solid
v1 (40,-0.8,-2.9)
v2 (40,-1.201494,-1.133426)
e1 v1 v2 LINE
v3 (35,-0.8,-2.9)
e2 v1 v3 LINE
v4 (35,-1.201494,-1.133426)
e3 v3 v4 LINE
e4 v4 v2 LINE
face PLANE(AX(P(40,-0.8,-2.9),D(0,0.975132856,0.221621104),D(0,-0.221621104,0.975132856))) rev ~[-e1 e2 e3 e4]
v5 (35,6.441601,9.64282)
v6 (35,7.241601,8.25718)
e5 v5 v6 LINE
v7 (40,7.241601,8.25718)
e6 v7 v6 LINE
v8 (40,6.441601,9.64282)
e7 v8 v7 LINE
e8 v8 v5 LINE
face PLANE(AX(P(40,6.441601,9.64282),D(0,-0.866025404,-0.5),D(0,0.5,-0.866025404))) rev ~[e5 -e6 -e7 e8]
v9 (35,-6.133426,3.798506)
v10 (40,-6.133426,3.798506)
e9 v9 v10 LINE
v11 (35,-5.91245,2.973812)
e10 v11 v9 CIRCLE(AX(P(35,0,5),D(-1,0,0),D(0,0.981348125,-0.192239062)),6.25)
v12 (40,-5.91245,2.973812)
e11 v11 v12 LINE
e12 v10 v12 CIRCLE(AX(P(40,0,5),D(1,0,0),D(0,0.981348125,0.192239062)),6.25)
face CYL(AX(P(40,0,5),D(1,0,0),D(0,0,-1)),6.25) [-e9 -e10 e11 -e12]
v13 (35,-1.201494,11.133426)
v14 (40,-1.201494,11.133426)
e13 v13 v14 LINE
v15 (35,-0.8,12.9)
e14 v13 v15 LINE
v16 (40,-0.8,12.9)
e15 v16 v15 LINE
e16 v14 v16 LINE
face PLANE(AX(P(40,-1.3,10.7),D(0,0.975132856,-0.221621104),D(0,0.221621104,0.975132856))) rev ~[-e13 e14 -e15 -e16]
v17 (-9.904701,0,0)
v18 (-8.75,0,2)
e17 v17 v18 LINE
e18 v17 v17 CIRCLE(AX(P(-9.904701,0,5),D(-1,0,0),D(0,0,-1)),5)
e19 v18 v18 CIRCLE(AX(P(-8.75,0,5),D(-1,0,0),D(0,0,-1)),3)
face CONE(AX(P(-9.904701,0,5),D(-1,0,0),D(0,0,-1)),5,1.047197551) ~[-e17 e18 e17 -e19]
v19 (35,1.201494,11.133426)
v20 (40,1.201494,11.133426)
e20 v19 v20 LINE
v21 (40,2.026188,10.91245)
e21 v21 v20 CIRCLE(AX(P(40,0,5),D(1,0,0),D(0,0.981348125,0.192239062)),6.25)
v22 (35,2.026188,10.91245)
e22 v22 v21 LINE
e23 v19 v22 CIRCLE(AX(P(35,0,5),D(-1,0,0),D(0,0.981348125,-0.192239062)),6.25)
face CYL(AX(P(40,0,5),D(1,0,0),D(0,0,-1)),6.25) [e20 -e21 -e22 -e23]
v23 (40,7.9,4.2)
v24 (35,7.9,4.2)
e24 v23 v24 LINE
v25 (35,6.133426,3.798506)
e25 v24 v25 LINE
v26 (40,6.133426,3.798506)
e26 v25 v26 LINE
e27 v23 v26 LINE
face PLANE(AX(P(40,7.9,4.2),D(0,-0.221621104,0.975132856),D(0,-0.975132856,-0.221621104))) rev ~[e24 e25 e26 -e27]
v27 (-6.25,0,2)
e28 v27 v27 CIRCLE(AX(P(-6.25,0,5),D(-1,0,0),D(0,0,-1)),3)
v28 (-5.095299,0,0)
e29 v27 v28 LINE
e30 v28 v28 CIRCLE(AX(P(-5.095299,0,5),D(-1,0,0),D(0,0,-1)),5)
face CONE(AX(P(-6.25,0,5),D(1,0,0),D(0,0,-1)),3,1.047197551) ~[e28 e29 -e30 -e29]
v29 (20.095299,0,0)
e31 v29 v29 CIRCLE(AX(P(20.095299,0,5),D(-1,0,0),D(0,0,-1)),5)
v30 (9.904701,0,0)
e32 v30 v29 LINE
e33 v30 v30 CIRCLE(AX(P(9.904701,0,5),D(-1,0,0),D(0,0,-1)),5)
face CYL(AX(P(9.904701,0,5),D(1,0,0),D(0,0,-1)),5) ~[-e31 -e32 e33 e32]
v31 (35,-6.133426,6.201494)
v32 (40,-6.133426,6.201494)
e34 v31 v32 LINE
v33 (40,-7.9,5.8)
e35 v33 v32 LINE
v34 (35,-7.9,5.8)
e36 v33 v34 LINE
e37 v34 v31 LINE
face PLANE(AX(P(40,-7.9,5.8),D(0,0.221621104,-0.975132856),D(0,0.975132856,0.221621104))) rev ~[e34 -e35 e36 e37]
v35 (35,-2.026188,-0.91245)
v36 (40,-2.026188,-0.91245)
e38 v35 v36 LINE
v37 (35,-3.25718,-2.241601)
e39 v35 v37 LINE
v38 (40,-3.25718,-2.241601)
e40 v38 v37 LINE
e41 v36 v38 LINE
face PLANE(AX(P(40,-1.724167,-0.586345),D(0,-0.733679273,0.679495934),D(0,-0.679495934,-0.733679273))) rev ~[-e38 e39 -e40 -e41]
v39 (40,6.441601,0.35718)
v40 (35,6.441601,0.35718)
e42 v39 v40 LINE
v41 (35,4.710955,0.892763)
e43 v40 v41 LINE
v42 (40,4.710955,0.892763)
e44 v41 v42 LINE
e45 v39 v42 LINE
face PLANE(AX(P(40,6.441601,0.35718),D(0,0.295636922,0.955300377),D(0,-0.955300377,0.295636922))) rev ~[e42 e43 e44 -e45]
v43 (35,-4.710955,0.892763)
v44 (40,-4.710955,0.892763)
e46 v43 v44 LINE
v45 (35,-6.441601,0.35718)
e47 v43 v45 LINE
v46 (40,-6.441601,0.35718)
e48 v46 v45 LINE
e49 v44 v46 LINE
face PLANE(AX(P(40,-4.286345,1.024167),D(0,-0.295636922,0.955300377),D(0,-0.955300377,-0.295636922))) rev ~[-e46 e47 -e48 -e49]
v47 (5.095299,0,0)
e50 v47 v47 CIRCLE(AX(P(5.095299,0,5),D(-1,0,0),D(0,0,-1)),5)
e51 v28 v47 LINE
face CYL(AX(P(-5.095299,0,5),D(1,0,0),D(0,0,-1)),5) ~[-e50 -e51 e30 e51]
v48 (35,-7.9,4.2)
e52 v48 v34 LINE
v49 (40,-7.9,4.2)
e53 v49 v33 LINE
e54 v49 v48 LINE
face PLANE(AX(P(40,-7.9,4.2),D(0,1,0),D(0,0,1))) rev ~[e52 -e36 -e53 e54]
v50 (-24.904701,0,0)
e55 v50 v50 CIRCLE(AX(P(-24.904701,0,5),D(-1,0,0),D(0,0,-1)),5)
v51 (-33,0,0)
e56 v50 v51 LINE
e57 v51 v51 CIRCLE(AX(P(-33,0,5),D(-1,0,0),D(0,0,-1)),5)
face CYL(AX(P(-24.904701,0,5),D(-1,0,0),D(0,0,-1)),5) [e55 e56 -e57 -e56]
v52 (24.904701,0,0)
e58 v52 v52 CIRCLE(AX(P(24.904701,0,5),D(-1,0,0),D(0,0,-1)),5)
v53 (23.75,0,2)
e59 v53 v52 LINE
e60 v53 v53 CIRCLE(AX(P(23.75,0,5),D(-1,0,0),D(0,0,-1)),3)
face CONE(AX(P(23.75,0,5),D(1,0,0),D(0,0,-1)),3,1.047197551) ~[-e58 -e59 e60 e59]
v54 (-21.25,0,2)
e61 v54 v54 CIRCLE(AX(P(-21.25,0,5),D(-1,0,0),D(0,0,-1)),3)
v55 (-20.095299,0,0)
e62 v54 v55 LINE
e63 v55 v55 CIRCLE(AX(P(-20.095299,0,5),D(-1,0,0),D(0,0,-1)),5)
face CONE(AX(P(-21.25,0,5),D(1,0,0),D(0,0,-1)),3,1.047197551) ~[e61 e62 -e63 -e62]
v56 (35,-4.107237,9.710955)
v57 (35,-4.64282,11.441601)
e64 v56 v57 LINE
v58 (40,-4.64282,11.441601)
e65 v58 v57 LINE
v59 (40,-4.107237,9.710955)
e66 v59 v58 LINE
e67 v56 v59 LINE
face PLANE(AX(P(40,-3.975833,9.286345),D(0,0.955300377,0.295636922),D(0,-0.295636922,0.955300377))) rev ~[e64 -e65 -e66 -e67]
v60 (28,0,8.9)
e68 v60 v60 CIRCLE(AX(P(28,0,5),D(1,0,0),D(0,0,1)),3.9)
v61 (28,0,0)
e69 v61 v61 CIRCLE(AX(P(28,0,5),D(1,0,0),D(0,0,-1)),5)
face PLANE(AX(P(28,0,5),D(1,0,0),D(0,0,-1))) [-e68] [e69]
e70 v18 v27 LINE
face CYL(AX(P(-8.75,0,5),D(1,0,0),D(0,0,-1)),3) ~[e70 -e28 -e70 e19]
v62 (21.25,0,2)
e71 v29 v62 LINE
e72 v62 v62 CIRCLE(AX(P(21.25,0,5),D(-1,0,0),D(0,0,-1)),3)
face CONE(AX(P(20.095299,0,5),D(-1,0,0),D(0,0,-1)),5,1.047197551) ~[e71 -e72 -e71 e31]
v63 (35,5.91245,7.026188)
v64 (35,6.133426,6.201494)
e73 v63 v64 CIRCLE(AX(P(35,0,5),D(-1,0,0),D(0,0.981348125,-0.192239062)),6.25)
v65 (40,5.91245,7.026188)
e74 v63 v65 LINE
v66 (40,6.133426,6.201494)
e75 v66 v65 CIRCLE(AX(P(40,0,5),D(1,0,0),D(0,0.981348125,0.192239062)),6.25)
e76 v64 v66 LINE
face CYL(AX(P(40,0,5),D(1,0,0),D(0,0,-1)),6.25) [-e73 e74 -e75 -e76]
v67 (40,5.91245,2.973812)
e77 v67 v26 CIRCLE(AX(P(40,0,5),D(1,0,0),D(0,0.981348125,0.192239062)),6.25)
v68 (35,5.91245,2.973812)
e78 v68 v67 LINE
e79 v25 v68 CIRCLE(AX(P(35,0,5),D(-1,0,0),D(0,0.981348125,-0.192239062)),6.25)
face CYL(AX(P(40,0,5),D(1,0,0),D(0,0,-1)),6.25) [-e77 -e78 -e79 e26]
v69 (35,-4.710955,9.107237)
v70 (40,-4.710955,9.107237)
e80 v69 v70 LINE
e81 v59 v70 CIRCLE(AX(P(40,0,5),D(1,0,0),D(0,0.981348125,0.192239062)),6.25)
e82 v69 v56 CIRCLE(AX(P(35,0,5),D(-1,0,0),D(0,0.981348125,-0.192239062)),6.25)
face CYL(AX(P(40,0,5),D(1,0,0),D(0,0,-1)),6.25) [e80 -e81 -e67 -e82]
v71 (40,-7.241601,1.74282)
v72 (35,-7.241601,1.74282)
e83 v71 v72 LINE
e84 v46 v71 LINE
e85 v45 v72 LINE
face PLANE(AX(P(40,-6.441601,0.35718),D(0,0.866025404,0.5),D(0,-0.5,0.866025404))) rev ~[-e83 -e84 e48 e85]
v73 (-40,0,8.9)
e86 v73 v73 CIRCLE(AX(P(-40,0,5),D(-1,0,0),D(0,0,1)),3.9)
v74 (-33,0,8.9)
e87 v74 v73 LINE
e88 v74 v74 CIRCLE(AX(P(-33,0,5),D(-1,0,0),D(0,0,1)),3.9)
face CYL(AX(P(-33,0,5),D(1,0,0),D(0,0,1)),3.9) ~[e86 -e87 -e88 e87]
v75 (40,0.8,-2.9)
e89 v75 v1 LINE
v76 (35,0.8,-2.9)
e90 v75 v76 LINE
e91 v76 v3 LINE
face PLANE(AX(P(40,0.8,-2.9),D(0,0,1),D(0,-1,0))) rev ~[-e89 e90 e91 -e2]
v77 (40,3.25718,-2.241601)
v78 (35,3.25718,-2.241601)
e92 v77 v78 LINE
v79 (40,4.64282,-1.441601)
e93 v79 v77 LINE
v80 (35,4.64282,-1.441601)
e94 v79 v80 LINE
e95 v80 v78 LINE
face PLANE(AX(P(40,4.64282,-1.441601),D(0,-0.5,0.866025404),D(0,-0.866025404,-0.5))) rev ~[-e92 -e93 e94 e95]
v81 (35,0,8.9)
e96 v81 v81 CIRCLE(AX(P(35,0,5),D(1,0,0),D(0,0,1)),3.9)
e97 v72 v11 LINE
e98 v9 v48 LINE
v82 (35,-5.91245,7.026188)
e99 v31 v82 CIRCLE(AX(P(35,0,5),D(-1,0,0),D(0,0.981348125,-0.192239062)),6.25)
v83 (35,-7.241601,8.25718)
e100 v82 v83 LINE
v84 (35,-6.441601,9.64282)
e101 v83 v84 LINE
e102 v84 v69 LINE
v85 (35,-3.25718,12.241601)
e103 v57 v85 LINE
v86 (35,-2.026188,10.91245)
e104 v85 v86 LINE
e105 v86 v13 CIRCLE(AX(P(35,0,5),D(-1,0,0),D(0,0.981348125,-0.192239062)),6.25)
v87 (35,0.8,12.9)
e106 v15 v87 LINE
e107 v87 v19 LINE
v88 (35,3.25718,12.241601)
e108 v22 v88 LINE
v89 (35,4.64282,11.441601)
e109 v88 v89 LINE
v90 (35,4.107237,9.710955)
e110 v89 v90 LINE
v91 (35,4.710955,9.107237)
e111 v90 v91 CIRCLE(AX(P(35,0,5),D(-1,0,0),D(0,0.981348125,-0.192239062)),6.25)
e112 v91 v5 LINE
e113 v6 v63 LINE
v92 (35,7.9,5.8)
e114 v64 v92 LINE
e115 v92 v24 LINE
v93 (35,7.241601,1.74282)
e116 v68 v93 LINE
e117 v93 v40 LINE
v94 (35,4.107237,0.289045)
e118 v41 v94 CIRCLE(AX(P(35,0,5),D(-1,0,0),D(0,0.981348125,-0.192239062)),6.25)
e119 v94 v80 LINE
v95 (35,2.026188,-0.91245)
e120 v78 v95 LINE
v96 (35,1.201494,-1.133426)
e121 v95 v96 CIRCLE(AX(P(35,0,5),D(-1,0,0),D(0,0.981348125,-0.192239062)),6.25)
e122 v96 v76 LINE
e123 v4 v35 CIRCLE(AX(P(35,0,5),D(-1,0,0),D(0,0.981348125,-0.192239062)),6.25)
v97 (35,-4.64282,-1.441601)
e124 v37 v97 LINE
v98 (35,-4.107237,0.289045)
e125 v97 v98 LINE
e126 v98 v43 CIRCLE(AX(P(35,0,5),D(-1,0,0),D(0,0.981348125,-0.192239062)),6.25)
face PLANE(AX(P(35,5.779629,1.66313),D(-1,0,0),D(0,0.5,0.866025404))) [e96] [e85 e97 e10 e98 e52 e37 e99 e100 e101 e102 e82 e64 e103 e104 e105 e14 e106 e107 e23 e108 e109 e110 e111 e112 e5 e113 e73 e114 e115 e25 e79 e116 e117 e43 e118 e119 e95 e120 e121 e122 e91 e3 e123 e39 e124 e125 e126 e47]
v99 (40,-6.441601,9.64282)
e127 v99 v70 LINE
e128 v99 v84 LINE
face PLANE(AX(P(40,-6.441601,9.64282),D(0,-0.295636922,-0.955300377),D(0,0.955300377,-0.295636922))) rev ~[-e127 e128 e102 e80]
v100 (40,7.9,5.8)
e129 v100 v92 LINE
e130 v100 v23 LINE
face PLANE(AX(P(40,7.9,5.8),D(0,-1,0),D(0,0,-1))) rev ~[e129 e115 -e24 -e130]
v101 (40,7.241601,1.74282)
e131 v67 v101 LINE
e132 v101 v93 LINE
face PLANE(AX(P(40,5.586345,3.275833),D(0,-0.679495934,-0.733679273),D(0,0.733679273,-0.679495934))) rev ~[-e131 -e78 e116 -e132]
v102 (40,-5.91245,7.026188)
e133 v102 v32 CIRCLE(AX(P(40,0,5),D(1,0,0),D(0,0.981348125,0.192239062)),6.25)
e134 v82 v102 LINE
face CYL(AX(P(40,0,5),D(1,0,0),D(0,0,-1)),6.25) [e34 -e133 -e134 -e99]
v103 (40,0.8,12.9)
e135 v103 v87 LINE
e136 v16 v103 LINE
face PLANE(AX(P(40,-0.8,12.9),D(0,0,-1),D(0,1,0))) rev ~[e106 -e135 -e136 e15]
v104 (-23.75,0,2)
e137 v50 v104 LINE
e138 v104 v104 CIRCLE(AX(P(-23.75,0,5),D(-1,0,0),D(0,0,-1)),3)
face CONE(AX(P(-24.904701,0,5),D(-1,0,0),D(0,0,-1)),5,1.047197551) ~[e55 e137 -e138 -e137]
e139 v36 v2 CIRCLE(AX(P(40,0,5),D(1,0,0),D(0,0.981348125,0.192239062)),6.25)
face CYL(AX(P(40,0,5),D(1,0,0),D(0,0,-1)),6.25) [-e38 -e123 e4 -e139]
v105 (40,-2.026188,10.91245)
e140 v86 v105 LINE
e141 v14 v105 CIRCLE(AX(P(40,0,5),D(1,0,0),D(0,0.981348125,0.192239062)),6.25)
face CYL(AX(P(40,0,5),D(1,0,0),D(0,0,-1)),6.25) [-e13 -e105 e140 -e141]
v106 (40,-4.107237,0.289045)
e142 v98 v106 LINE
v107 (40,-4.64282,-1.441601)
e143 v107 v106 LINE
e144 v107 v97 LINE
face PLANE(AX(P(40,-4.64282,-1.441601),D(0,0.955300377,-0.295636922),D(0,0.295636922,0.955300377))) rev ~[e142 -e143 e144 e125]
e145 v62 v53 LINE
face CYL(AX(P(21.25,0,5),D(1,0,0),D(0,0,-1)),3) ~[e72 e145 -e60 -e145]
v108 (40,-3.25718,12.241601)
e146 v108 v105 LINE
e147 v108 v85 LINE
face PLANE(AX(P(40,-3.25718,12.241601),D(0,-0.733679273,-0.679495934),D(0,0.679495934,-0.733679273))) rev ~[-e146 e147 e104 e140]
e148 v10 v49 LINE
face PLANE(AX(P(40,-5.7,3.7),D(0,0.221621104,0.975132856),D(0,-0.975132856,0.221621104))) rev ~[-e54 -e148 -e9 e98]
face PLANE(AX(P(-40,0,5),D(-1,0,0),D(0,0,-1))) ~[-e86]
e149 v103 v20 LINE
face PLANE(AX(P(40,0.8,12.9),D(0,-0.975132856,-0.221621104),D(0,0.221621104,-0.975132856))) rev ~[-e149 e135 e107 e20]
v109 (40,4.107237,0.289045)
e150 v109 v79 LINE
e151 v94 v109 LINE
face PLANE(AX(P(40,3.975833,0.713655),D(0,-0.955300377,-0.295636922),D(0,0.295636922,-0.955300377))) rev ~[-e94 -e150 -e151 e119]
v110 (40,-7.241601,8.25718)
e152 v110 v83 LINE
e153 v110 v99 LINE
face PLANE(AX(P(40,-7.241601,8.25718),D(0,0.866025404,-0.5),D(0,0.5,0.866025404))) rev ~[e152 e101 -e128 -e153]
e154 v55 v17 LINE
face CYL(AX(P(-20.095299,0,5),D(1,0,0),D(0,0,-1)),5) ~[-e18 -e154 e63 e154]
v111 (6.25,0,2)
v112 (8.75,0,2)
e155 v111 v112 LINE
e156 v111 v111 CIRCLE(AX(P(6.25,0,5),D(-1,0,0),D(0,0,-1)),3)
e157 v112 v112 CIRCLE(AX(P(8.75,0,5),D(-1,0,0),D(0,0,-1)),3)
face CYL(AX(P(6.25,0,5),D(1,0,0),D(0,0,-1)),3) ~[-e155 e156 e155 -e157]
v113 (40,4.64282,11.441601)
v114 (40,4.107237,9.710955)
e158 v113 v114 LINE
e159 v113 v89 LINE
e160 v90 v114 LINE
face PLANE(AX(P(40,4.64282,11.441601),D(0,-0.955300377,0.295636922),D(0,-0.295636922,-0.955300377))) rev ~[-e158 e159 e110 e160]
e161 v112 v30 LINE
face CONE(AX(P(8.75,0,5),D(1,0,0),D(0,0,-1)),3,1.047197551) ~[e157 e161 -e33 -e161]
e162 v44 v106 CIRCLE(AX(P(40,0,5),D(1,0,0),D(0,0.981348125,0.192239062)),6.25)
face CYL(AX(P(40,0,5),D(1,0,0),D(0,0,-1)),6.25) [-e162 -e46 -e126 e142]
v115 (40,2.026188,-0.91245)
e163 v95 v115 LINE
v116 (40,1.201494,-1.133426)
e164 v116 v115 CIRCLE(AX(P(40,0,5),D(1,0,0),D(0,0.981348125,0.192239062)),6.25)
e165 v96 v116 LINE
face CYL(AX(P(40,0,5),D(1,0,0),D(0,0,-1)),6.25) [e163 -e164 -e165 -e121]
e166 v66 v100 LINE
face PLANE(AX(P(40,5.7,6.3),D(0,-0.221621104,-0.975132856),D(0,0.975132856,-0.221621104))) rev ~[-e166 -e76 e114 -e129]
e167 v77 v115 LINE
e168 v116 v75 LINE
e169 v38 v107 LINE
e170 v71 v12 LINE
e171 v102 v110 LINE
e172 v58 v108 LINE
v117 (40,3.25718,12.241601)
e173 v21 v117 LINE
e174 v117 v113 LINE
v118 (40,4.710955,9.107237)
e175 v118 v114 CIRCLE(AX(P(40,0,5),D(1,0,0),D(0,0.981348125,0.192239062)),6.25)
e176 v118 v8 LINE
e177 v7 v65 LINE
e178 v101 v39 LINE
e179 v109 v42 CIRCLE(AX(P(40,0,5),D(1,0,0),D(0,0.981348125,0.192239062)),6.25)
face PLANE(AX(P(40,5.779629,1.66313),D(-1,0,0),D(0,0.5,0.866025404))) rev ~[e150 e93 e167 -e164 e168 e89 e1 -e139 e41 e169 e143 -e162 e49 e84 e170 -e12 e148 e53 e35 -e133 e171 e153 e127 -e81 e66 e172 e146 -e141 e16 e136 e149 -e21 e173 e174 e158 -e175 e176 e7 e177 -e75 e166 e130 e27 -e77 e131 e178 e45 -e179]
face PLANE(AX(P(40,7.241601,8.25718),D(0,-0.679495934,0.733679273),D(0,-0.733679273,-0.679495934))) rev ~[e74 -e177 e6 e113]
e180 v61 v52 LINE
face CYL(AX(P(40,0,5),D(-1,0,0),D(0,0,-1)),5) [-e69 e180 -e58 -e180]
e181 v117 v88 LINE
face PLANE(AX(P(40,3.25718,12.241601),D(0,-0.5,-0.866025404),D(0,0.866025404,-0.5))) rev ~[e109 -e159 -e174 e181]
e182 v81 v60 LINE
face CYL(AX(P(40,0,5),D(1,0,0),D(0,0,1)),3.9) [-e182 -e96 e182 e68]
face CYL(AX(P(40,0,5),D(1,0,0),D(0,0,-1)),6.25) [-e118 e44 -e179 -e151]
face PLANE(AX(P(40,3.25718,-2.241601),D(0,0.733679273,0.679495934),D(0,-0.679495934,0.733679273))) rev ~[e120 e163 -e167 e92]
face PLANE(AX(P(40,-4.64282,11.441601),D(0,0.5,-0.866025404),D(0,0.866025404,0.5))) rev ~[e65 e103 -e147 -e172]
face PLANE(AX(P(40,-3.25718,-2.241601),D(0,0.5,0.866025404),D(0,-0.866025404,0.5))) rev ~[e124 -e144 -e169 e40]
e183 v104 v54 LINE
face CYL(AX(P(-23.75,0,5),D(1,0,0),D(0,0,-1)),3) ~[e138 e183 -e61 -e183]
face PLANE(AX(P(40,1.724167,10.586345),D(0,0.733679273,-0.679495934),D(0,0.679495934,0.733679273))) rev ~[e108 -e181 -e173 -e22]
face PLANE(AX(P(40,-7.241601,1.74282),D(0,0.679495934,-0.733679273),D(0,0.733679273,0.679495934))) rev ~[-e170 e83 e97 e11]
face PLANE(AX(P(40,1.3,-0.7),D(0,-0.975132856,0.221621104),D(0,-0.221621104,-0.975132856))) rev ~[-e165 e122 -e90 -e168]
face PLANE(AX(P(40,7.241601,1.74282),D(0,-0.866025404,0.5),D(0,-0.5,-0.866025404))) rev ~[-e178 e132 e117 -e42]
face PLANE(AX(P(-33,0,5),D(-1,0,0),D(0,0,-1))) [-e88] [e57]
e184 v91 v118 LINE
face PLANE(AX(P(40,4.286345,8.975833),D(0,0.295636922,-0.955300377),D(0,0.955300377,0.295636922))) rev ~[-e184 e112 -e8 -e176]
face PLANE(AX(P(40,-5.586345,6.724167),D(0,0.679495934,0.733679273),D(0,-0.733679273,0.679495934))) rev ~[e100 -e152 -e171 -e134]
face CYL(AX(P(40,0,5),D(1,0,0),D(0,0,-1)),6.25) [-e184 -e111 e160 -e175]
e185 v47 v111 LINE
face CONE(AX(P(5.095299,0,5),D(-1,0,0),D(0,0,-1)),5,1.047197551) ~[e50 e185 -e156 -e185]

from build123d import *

# Parameters (mm, degrees)
CUT_EXTRUDE2_START  = -7
SKETCH4_R           = 5
SKETCH4_R_2         = 3.9
CUT_EXTRUDE2_DEPTH  = 7
SKETCH3_R           = 5
SKETCH3_R_2         = 3.9
CUT_EXTRUDE4_DEPTH  = 12
SKETCH7_R           = 6.25
BOSS_EXTRUDE1_DEPTH = 5
BOSS_EXTRUDE2_DEPTH = 5
CIRPATTERN1_COUNT   = 12


with BuildPart() as part:
    # Sketch2 → Revolve1 (revolve)
    with BuildSketch(Plane(origin=(0, 0, 0), x_dir=(1, 0, 0), z_dir=(0, 1, 0))):
        Polygon((40, -5), (-40, -5), (-40, 0), (-30.049059985, 0), (-24.904700538, 0), (-23.75, -2), (-21.25, -2), (-20.095299462, 0), (-9.904700538, 0), (-8.75, -2), (-6.25, -2), (-5.095299462, 0), (5.095299462, 0), (6.25, -2), (8.75, -2), (9.904700538, 0), (20.095299462, 0), (21.25, -2), (23.75, -2), (24.904700538, 0), (30.049059985, 0), (40, 0), align=None)
    revolve(axis=Axis((40, 0, 5), (-1, 0, 0)))

    # Sketch4 → Cut-Extrude2 (cut)
    with BuildSketch(Plane.ZY.offset(40).offset(CUT_EXTRUDE2_START)):
        with Locations(Location((5, 0, 0), (0, 0, 180))):
            Circle(SKETCH4_R)
        with Locations((5, 0)):
            Circle(SKETCH4_R_2, mode=Mode.SUBTRACT)
    extrude(amount=CUT_EXTRUDE2_DEPTH, mode=Mode.SUBTRACT)

    # Sketch3 → Cut-Extrude4 (cut)
    with BuildSketch(Plane(origin=(40, 0, 0), x_dir=(0, 0, -1), z_dir=(1, 0, 0))):
        with Locations((-5, 0)):
            Circle(SKETCH3_R)
        with Locations(Location((-5, 0, 0), (0, 0, 180))):
            Circle(SKETCH3_R_2, mode=Mode.SUBTRACT)
    extrude(amount=-CUT_EXTRUDE4_DEPTH, mode=Mode.SUBTRACT)

    # Sketch7 → Boss-Extrude1 (add)
    with BuildSketch(Plane(origin=(40, 0, 0), x_dir=(0, 0, -1), z_dir=(1, 0, 0))):
        with Locations((-5, 0)):
            Circle(SKETCH7_R)
    extrude(amount=-BOSS_EXTRUDE1_DEPTH)

    # Sketch6 → Boss-Extrude2 (add)
    with BuildSketch(Plane(origin=(40, 0, 0), x_dir=(0, 0, -1), z_dir=(1, 0, 0))):
        Polygon((-5.8, 7.9), (-4.2, 7.9), (-3.7, 5.7), (-6.3, 5.7), align=None)
    boss_extrude2 = extrude(amount=-BOSS_EXTRUDE2_DEPTH)

    # CirPattern1: Boss-Extrude2 ×12 about axis
    cirpattern1_axis = Axis((0, 0, 5), (1, 0, 0))
    for i in range(1, CIRPATTERN1_COUNT):
        add(boss_extrude2.rotate(cirpattern1_axis, i * 360 / CIRPATTERN1_COUNT))


solid = part.part
